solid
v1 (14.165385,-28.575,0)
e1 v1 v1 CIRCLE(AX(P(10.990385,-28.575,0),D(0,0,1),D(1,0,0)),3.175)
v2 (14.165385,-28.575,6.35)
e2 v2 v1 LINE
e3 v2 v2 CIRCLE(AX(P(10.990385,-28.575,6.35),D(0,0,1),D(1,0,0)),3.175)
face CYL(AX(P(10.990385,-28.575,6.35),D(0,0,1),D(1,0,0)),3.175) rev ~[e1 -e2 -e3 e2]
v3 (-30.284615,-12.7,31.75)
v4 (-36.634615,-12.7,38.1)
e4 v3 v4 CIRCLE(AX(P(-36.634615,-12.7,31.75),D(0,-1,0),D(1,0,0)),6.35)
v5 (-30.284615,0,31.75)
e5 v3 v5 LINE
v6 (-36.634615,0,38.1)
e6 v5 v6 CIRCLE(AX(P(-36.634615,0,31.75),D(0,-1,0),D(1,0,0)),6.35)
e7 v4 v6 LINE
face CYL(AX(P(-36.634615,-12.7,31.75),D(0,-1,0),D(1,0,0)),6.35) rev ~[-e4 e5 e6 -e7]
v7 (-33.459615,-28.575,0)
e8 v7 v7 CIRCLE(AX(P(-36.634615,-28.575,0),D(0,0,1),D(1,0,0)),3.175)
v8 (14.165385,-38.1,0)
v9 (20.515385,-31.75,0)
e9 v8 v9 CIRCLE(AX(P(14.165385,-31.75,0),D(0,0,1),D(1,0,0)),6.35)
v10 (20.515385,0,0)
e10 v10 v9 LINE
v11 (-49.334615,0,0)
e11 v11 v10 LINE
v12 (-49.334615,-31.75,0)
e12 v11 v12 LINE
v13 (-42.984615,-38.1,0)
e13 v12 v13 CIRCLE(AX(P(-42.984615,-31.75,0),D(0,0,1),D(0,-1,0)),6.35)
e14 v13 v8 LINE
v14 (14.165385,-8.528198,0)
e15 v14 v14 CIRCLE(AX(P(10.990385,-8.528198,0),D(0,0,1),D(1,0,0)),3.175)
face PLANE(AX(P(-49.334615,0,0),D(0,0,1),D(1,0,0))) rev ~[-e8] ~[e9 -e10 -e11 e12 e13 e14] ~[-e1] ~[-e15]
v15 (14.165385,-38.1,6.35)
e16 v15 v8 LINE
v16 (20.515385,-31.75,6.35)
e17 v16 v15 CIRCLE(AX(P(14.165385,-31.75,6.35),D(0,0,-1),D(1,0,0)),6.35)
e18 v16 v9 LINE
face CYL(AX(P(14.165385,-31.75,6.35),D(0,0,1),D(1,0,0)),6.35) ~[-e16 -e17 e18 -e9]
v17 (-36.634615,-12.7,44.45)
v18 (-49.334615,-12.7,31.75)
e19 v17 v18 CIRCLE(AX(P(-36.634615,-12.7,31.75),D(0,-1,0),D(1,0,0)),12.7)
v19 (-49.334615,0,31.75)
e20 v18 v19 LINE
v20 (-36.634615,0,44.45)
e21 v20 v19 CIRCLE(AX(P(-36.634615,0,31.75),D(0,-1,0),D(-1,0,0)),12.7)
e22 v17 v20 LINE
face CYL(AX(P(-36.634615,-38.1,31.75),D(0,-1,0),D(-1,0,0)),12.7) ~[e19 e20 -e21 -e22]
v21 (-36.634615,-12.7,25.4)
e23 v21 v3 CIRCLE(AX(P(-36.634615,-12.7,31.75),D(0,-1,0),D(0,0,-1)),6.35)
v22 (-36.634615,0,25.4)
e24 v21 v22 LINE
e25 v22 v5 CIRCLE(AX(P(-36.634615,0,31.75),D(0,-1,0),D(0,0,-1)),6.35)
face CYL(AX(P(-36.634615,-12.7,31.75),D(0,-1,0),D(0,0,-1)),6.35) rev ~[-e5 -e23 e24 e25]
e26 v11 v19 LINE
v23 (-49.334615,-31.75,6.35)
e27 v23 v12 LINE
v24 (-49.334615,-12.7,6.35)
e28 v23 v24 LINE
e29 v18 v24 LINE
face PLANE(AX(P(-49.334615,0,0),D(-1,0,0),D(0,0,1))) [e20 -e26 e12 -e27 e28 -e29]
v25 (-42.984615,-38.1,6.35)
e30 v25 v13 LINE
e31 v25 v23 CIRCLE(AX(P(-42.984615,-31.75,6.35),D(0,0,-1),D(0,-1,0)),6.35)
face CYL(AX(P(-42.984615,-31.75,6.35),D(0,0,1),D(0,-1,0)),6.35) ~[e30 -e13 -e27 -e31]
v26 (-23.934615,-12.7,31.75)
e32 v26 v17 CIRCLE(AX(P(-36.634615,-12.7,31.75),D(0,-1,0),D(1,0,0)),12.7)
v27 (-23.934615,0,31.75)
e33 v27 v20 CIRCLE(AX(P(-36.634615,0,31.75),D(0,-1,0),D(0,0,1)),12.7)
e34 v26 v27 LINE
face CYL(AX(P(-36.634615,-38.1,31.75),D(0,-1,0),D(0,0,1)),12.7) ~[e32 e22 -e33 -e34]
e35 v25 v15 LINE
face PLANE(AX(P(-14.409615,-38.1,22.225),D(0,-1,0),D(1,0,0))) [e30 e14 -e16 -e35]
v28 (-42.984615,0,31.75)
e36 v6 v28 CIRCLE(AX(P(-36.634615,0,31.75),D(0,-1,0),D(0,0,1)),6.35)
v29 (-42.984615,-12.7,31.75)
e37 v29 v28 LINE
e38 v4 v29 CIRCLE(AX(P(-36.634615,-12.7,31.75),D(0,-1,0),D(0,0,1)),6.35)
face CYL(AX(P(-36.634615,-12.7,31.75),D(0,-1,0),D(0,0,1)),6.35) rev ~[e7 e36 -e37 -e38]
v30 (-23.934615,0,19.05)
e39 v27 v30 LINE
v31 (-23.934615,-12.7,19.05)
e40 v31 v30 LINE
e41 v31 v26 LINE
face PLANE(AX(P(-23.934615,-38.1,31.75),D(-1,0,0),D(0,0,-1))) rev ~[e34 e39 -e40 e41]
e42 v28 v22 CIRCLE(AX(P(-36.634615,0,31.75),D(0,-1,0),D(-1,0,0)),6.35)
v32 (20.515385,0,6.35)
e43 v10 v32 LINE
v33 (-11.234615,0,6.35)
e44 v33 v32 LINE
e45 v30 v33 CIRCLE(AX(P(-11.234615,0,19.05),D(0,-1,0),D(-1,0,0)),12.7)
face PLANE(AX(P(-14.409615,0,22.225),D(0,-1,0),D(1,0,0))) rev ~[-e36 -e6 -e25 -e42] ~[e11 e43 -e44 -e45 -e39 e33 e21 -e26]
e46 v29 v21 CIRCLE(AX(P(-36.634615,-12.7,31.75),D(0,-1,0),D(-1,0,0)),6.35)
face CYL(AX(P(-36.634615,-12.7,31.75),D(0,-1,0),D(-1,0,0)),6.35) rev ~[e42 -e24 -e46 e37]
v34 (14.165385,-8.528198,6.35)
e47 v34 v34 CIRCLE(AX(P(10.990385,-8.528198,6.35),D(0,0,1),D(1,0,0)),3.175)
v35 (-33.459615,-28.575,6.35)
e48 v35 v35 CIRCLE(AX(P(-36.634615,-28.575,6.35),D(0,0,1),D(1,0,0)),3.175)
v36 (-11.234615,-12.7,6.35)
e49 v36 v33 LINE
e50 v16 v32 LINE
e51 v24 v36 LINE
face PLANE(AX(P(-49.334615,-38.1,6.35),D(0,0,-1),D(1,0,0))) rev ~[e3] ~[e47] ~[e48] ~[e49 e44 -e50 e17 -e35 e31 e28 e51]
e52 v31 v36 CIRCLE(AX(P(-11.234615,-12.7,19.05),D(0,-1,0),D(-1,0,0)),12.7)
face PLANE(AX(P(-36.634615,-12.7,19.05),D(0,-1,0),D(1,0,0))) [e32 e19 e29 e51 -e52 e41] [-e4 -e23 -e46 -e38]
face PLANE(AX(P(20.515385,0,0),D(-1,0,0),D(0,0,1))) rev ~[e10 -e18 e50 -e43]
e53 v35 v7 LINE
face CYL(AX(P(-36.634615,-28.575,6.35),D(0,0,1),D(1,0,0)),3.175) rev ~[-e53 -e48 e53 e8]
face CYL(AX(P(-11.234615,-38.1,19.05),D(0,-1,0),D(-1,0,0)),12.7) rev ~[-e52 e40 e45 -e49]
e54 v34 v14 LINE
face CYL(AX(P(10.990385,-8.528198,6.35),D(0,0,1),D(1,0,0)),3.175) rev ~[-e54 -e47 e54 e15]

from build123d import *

# Parameters (mm, degrees)
F0_W     = 69.85
F0_H     = 44.45
F1_DEPTH = 38.1
F3_DEPTH = 38.101
F4_DEPTH = 25.4
F5_R     = 3.175
F6_DEPTH = 6.351
F8_DEPTH = 12.701


with BuildPart() as f1:
    # F0 (on Front) → F1 (new body)
    with BuildSketch(Plane.XZ):
        with Locations((-14.4096150837, 22.225)):
            Rectangle(F0_W, F0_H)
    extrude(amount=F1_DEPTH)

    # F2 (on face) → F3 (cut, through all)
    with BuildSketch(Plane.XZ.offset(38.1)):
        with BuildLine():
            Line((-49.3346150837, 44.45), (-49.3346150837, 31.75))
            ThreePointArc((-49.3346150837, 31.75), (-45.6148712048, 40.7302561211), (-36.6346150837, 44.45))
            Line((-36.6346150837, 44.45), (-49.3346150837, 44.45))
        make_face()
        with BuildLine():
            Line((-23.9346150837, 31.75), (-23.9346150837, 19.05))
            Line((-23.9346150837, 19.05), (1.4653849163, 19.05))
            Line((1.4653849163, 19.05), (20.5153849163, 19.05))
            Line((20.5153849163, 19.05), (20.5153849163, 44.45))
            Line((20.5153849163, 44.45), (-36.6346150837, 44.45))
            ThreePointArc((-36.6346150837, 44.45), (-27.6543589626, 40.7302561211), (-23.9346150837, 31.75))
        make_face()
        with BuildLine():
            Line((1.4653849163, 19.05), (-23.9346150837, 19.05))
            ThreePointArc((-23.9346150837, 19.05), (-20.2148712048, 10.0697438789), (-11.2346150837, 6.35))
            ThreePointArc((-11.2346150837, 6.35), (-2.2543589626, 10.0697438789), (1.4653849163, 19.05))
        make_face()
        with BuildLine():
            Line((-11.2346150837, 6.35), (20.5153849163, 6.35))
            Line((20.5153849163, 6.35), (20.5153849163, 19.05))
            Line((20.5153849163, 19.05), (1.4653849163, 19.05))
            ThreePointArc((1.4653849163, 19.05), (-2.2543589626, 10.0697438789), (-11.2346150837, 6.35))
        make_face()
    extrude(amount=-F3_DEPTH, mode=Mode.SUBTRACT)

    # F2 (on face) → F4 (cut)
    with BuildSketch(Plane.XZ.offset(38.1)):
        Polygon((-49.3346150837, 31.75), (-49.3346150837, 6.35), (-23.9346150837, 6.35), (-23.9346150837, 19.05), (-23.9346150837, 31.75), align=None)
        with BuildLine():
            Line((-23.9346150837, 19.05), (-23.9346150837, 6.35))
            Line((-23.9346150837, 6.35), (-11.2346150837, 6.35))
            ThreePointArc((-11.2346150837, 6.35), (-20.2148712048, 10.0697438789), (-23.9346150837, 19.05))
        make_face()
        with BuildLine():
            ThreePointArc((-23.9346150837, 31.75), (-36.6346150837, 44.45), (-49.3346150837, 31.75))
            Line((-49.3346150837, 31.75), (-23.9346150837, 31.75))
        make_face()
        with BuildLine():
            Line((1.4653849163, 19.05), (-23.9346150837, 19.05))
            ThreePointArc((-23.9346150837, 19.05), (-20.2148712048, 10.0697438789), (-11.2346150837, 6.35))
            ThreePointArc((-11.2346150837, 6.35), (-2.2543589626, 10.0697438789), (1.4653849163, 19.05))
        make_face()
        with BuildLine():
            ThreePointArc((1.4653849163, 19.05), (-2.2543589626, 10.0697438789), (-11.2346150837, 6.35))
            Line((-11.2346150837, 6.35), (20.5153849163, 6.35))
            Line((20.5153849163, 6.35), (20.5153849163, 19.05))
            Line((20.5153849163, 19.05), (1.4653849163, 19.05))
        make_face()
    extrude(amount=-F4_DEPTH, mode=Mode.SUBTRACT)

    # F5 (on face) → F6 (cut, through all)
    with BuildSketch(Plane.XY.offset(6.35)):
        with Locations((10.9903849163, -8.5281981155)):
            Circle(F5_R)
        with Locations((10.9903849163, -28.575)):
            Circle(F5_R)
        with BuildLine():
            ThreePointArc((-42.9846150837, -38.1), (-47.4747431442, -36.2401280605), (-49.3346150837, -31.75))
            Line((-49.3346150837, -31.75), (-49.3346150837, -38.1))
            Line((-49.3346150837, -38.1), (-42.9846150837, -38.1))
        make_face()
        with BuildLine():
            ThreePointArc((20.5153849163, -31.75), (18.6555129768, -36.2401280605), (14.1653849163, -38.1))
            Line((14.1653849163, -38.1), (20.5153849163, -38.1))
            Line((20.5153849163, -38.1), (20.5153849163, -31.75))
        make_face()
        with Locations((-36.6346150837, -28.575)):
            Circle(F5_R)
    extrude(amount=-F6_DEPTH, mode=Mode.SUBTRACT)

    # F7 (on face) → F8 (cut, through all)
    with BuildSketch(Plane.XZ.offset(12.7)):
        with BuildLine():
            Line((-36.6346150837, 31.75), (-36.6346150837, 38.1))
            ThreePointArc((-36.6346150837, 38.1), (-41.1247431442, 36.2401280605), (-42.9846150837, 31.75))
            Line((-42.9846150837, 31.75), (-36.6346150837, 31.75))
        make_face()
        with BuildLine():
            ThreePointArc((-30.2846150837, 31.75), (-32.1444870232, 36.2401280605), (-36.6346150837, 38.1))
            Line((-36.6346150837, 38.1), (-36.6346150837, 31.75))
            Line((-36.6346150837, 31.75), (-30.2846150837, 31.75))
        make_face()
        with BuildLine():
            Line((-30.2846150837, 31.75), (-36.6346150837, 31.75))
            Line((-36.6346150837, 31.75), (-36.6346150837, 25.4))
            ThreePointArc((-36.6346150837, 25.4), (-32.1444870232, 27.2598719395), (-30.2846150837, 31.75))
        make_face()
        with BuildLine():
            Line((-36.6346150837, 25.4), (-36.6346150837, 31.75))
            Line((-36.6346150837, 31.75), (-42.9846150837, 31.75))
            ThreePointArc((-42.9846150837, 31.75), (-41.1247431442, 27.2598719395), (-36.6346150837, 25.4))
        make_face()
    extrude(amount=-F8_DEPTH, mode=Mode.SUBTRACT)


solid = f1.part
